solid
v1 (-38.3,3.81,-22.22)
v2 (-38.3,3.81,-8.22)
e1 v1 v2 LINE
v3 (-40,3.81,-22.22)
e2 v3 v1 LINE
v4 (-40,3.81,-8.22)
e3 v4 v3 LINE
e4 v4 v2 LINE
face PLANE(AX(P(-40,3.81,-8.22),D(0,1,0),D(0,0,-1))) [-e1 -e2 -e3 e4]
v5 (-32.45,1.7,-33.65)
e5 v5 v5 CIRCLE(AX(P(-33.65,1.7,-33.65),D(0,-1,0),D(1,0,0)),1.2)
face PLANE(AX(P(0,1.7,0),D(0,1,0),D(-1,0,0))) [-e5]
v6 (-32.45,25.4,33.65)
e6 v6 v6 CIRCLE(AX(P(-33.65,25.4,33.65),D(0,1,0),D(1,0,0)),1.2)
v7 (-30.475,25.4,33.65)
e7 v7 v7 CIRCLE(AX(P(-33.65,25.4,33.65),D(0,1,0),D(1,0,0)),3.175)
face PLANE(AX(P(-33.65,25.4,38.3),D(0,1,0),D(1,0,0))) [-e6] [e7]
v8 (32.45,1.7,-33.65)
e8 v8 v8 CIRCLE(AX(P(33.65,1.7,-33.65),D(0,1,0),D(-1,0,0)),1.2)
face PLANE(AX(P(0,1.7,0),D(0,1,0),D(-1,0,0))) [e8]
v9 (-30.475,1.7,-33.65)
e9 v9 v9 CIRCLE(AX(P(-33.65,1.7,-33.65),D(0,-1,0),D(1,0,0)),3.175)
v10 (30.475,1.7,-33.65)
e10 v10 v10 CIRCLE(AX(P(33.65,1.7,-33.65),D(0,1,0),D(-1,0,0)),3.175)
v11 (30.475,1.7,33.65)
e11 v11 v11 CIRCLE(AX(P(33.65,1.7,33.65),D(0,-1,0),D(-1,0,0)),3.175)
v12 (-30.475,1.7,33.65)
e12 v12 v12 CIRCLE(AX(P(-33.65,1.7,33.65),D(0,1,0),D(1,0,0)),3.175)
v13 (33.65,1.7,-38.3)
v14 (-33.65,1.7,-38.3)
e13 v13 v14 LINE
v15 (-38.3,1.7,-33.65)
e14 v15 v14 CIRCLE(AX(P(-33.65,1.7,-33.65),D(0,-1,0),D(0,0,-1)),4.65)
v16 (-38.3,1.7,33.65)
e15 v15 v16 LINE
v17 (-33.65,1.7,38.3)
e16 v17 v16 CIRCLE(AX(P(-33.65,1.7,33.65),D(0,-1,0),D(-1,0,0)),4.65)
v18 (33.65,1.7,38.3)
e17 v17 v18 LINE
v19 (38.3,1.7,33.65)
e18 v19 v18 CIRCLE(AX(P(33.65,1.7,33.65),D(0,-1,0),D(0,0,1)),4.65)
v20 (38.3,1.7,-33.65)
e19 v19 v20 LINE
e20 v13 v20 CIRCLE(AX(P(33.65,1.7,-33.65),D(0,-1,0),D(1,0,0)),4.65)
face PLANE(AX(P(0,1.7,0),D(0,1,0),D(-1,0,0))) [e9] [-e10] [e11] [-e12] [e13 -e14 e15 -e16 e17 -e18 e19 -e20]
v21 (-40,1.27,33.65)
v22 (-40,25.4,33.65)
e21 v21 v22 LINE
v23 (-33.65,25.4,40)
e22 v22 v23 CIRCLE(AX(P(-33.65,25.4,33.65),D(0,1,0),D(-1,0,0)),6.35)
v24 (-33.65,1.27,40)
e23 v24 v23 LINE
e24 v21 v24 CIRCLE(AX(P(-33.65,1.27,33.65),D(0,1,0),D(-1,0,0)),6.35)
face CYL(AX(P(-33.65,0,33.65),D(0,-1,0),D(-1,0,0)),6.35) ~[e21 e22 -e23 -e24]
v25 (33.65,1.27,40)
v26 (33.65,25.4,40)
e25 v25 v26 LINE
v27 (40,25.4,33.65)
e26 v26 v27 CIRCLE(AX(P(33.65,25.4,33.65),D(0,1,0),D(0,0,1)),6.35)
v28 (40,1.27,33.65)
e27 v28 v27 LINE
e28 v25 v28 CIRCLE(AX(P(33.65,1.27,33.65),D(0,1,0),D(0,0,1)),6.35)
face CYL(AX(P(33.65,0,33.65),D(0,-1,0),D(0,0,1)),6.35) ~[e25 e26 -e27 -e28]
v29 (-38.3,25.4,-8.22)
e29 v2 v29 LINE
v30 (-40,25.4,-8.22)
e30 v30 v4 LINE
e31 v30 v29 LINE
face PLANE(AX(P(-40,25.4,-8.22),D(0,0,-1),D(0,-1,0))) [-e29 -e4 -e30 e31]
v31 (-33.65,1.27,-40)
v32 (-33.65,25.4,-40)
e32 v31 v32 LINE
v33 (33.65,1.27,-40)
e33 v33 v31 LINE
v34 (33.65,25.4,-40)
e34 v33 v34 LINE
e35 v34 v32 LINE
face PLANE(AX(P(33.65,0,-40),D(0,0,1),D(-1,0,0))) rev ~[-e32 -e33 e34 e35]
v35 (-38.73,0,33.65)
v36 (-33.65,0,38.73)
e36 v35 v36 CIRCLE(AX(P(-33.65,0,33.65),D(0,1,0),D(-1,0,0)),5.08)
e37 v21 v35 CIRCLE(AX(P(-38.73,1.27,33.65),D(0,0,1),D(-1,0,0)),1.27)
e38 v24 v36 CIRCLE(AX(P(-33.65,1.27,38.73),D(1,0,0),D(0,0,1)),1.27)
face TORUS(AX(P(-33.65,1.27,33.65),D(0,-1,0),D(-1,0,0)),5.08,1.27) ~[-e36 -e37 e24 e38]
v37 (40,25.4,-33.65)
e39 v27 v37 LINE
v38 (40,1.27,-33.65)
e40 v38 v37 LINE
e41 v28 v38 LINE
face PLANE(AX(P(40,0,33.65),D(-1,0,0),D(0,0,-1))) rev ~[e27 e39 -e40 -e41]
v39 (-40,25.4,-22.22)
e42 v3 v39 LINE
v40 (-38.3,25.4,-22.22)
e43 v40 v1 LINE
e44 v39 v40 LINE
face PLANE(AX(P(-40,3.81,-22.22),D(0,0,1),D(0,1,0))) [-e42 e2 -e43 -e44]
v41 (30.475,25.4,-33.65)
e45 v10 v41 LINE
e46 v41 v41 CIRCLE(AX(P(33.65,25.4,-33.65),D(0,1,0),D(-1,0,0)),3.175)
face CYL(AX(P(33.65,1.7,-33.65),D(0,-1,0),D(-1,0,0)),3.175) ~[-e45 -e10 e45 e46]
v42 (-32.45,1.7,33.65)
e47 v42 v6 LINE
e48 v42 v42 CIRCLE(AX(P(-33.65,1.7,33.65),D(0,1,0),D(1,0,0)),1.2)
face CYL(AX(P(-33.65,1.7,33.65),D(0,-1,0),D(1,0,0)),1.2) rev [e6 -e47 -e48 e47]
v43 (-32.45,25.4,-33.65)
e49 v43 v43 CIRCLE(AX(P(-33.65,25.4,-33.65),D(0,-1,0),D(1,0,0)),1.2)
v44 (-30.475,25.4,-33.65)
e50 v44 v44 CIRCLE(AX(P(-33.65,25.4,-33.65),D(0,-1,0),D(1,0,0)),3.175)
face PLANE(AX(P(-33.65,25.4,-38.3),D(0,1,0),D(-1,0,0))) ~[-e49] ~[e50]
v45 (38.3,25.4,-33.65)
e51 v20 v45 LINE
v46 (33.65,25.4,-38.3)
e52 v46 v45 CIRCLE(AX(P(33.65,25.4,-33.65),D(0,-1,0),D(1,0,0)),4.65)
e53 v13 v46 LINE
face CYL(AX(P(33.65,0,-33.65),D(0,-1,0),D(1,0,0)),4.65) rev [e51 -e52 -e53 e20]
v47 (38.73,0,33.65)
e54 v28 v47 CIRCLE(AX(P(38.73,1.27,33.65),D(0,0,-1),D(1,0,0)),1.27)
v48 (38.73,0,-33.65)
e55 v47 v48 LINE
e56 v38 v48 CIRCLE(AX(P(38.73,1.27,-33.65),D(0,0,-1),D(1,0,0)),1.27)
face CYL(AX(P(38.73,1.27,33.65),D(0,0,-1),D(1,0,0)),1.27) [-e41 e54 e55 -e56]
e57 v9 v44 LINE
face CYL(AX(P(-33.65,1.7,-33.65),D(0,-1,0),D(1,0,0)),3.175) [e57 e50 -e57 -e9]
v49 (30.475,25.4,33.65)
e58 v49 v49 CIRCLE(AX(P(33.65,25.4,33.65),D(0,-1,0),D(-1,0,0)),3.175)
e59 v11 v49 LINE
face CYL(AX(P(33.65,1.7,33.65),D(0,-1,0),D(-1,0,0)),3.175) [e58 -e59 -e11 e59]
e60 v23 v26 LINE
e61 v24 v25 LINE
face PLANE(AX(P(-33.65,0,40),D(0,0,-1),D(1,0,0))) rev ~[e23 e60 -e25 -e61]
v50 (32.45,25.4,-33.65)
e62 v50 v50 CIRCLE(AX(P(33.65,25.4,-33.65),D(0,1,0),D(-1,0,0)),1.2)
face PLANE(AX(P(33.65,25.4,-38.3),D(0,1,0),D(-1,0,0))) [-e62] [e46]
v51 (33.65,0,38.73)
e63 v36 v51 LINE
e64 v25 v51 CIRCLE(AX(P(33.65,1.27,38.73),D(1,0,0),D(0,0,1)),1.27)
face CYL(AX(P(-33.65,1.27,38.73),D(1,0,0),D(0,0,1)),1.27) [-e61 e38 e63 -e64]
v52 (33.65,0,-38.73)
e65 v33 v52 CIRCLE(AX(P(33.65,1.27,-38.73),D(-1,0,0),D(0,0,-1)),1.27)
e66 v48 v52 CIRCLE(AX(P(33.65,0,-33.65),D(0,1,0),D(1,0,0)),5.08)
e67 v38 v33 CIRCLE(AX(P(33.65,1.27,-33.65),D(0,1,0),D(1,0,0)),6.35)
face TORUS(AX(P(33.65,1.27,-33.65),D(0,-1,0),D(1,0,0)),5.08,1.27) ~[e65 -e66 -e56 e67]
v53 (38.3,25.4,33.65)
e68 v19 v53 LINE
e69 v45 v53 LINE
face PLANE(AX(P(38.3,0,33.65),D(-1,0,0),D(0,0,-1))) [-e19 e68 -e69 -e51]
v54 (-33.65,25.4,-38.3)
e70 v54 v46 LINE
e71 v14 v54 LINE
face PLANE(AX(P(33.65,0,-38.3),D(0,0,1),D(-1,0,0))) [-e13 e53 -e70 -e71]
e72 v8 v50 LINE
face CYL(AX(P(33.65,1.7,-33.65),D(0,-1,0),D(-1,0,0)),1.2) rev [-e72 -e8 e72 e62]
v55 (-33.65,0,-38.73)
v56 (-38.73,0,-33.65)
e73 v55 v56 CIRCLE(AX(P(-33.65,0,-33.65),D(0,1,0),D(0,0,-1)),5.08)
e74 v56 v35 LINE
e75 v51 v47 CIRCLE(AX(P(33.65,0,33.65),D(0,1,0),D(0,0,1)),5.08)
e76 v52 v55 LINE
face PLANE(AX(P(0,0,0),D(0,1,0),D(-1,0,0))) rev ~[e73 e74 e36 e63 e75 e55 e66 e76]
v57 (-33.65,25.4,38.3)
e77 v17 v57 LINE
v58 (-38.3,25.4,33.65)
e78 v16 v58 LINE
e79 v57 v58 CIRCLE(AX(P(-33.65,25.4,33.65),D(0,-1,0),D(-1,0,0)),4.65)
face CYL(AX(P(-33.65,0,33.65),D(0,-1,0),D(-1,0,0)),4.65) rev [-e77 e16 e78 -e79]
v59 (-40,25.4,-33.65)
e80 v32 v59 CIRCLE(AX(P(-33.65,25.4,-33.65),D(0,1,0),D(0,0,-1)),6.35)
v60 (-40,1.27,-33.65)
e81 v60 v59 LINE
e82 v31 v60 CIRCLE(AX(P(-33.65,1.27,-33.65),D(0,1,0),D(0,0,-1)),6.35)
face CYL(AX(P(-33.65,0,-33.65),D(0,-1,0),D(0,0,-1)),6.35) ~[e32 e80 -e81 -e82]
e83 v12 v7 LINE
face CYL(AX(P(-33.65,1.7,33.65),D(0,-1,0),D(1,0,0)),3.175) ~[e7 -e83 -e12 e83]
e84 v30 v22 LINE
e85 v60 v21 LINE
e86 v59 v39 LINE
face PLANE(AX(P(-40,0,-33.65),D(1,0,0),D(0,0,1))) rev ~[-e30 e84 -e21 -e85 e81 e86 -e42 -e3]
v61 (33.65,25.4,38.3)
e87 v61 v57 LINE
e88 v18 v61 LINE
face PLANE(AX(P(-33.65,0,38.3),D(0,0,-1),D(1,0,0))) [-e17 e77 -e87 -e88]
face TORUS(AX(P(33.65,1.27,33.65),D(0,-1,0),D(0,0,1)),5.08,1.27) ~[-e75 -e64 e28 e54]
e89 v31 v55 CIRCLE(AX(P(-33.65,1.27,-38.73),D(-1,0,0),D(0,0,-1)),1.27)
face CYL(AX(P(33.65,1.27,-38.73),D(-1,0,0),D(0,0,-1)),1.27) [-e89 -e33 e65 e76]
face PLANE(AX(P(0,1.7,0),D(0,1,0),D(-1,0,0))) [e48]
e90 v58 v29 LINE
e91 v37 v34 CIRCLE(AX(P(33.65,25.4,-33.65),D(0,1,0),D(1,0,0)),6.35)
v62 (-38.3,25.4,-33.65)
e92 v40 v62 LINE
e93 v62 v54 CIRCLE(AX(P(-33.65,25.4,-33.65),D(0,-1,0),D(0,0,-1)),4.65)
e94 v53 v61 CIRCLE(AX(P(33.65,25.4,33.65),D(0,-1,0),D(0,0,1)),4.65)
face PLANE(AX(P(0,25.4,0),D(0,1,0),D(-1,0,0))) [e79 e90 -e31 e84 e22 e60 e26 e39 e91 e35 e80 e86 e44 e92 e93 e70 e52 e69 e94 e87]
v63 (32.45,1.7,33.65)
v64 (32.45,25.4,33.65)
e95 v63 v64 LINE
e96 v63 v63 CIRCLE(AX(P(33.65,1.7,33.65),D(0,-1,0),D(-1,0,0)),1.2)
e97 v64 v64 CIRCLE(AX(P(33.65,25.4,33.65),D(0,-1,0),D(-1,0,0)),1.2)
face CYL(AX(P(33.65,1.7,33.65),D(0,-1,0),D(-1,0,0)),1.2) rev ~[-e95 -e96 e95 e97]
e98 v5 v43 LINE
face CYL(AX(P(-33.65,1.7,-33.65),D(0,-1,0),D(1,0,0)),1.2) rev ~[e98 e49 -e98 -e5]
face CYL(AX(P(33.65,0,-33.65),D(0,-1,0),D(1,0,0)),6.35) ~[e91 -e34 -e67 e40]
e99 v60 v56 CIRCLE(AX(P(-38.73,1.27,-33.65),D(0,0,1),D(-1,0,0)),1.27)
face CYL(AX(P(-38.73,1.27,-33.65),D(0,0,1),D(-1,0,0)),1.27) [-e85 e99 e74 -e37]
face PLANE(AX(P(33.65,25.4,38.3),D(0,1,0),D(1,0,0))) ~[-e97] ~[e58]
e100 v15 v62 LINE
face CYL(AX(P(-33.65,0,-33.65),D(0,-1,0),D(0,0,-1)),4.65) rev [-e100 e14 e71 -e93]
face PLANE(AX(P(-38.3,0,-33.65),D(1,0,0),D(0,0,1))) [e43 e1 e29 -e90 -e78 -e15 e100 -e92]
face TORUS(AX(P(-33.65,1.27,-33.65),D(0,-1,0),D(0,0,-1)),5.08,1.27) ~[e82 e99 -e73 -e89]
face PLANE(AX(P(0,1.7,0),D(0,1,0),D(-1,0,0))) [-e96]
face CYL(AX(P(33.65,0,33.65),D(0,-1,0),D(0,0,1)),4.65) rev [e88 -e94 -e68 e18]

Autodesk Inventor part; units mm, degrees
ref_plane "YZ Plane" through (0, 0, 0) normal (1, 0, 0) x (0, 1, 0)
ref_plane "XZ Plane" through (0, 0, 0) normal (0, 1, 0) x (-1, 0, 0)
ref_plane "XY Plane" through (0, 0, 0) normal (0, 0, 1) x (1, 0, 0)
sketch "Sketch1" plane through (0, 0, 0) normal (0, 1, 0) x (-1, 0, 0)
  line L0 (-33.65, -40) -> (33.65, -40)
  line L1 (40, -33.65) -> (40, 33.65)
  line L2 (33.65, 40) -> (-33.65, 40)
  line L3 (-40, 33.65) -> (-40, -33.65)
  line L4 (-40, -40) -> (40, 40) construction
  line L5 (40, -40) -> (-40, 40) construction
  arc A0 (40, 33.65) -> (33.65, 40) centre (33.65, 33.65) ccw
  arc A1 (-33.65, 40) -> (-40, 33.65) centre (-33.65, 33.65) ccw
  arc A2 (-40, -33.65) -> (-33.65, -40) centre (-33.65, -33.65) ccw
  arc A3 (33.65, -40) -> (40, -33.65) centre (33.65, -33.65) ccw
  point P0 (0, 0)
  dimension "d0" = 80
  dimension "d1" = 80
  dimension "d2" = 6.35
extrude "Extrusion1" add sketch "Sketch1" along normal blind 25.4
shell "Shell1" thickness 1.7 removed faces 1 at (-11.2167, 25.4, 9.1)
fillet "Fillet1" radius 1.27 8 edges at (-38.1401, 0, -38.1401) (-40, 0, 0) (-38.1401, 0, 38.1401) (0, 0, 40) (38.1401, 0, 38.1401) (40, 0, 0) (38.1401, 0, -38.1401) (0, 0, -40)
sketch "Sketch2" plane through (-33.65, 1.7, 38.3) normal (0, 1, 0) x (1, 0, 0)
  arc A0 (-4.65, 4.65) -> (0, 0) centre (0, 4.65) ccw projected
  circle A1 centre (0, 4.65) radius 3.175
  circle A2 centre (0, 4.65) radius 1.2
  point P0 (33.65, 38.3)
  dimension "d7" = 6.35
  dimension "d8" = 2.4
extrude "Extrusion2" add sketch "Sketch2" along normal up to surface (23.7 mm away)
mirror "Mirror1" about plane through (0, 0, 0) normal (1, 0, 0) of "Extrusion2"
mirror "Mirror2" about plane through (0, 0, 0) normal (0, 0, 1) of "Extrusion2", "Mirror1"
sketch "Sketch3" plane through (-40, 25.4, -33.65) normal (-1, 0, 0) x (0, 0, 1)
  line L0 (0, 0) -> (67.3, 0) projected
  line L1 (11.43, 0) -> (25.43, 0)
  line L2 (25.43, 0) -> (25.43, -21.59)
  line L3 (25.43, -21.59) -> (11.43, -21.59)
  line L4 (11.43, -21.59) -> (11.43, 0)
  line L5 (-6.35, -24.13) -> (-6.35, 0) projected
  point P0 (33.65, -25.4)
  dimension "d11" = 14
  dimension "d12" = 21.59
  dimension "d13" = 17.78
extrude "Extrusion3" cut sketch "Sketch3" against normal blind 25.4
properties part number "Arduino_case_bottom_JC_Rev1"
